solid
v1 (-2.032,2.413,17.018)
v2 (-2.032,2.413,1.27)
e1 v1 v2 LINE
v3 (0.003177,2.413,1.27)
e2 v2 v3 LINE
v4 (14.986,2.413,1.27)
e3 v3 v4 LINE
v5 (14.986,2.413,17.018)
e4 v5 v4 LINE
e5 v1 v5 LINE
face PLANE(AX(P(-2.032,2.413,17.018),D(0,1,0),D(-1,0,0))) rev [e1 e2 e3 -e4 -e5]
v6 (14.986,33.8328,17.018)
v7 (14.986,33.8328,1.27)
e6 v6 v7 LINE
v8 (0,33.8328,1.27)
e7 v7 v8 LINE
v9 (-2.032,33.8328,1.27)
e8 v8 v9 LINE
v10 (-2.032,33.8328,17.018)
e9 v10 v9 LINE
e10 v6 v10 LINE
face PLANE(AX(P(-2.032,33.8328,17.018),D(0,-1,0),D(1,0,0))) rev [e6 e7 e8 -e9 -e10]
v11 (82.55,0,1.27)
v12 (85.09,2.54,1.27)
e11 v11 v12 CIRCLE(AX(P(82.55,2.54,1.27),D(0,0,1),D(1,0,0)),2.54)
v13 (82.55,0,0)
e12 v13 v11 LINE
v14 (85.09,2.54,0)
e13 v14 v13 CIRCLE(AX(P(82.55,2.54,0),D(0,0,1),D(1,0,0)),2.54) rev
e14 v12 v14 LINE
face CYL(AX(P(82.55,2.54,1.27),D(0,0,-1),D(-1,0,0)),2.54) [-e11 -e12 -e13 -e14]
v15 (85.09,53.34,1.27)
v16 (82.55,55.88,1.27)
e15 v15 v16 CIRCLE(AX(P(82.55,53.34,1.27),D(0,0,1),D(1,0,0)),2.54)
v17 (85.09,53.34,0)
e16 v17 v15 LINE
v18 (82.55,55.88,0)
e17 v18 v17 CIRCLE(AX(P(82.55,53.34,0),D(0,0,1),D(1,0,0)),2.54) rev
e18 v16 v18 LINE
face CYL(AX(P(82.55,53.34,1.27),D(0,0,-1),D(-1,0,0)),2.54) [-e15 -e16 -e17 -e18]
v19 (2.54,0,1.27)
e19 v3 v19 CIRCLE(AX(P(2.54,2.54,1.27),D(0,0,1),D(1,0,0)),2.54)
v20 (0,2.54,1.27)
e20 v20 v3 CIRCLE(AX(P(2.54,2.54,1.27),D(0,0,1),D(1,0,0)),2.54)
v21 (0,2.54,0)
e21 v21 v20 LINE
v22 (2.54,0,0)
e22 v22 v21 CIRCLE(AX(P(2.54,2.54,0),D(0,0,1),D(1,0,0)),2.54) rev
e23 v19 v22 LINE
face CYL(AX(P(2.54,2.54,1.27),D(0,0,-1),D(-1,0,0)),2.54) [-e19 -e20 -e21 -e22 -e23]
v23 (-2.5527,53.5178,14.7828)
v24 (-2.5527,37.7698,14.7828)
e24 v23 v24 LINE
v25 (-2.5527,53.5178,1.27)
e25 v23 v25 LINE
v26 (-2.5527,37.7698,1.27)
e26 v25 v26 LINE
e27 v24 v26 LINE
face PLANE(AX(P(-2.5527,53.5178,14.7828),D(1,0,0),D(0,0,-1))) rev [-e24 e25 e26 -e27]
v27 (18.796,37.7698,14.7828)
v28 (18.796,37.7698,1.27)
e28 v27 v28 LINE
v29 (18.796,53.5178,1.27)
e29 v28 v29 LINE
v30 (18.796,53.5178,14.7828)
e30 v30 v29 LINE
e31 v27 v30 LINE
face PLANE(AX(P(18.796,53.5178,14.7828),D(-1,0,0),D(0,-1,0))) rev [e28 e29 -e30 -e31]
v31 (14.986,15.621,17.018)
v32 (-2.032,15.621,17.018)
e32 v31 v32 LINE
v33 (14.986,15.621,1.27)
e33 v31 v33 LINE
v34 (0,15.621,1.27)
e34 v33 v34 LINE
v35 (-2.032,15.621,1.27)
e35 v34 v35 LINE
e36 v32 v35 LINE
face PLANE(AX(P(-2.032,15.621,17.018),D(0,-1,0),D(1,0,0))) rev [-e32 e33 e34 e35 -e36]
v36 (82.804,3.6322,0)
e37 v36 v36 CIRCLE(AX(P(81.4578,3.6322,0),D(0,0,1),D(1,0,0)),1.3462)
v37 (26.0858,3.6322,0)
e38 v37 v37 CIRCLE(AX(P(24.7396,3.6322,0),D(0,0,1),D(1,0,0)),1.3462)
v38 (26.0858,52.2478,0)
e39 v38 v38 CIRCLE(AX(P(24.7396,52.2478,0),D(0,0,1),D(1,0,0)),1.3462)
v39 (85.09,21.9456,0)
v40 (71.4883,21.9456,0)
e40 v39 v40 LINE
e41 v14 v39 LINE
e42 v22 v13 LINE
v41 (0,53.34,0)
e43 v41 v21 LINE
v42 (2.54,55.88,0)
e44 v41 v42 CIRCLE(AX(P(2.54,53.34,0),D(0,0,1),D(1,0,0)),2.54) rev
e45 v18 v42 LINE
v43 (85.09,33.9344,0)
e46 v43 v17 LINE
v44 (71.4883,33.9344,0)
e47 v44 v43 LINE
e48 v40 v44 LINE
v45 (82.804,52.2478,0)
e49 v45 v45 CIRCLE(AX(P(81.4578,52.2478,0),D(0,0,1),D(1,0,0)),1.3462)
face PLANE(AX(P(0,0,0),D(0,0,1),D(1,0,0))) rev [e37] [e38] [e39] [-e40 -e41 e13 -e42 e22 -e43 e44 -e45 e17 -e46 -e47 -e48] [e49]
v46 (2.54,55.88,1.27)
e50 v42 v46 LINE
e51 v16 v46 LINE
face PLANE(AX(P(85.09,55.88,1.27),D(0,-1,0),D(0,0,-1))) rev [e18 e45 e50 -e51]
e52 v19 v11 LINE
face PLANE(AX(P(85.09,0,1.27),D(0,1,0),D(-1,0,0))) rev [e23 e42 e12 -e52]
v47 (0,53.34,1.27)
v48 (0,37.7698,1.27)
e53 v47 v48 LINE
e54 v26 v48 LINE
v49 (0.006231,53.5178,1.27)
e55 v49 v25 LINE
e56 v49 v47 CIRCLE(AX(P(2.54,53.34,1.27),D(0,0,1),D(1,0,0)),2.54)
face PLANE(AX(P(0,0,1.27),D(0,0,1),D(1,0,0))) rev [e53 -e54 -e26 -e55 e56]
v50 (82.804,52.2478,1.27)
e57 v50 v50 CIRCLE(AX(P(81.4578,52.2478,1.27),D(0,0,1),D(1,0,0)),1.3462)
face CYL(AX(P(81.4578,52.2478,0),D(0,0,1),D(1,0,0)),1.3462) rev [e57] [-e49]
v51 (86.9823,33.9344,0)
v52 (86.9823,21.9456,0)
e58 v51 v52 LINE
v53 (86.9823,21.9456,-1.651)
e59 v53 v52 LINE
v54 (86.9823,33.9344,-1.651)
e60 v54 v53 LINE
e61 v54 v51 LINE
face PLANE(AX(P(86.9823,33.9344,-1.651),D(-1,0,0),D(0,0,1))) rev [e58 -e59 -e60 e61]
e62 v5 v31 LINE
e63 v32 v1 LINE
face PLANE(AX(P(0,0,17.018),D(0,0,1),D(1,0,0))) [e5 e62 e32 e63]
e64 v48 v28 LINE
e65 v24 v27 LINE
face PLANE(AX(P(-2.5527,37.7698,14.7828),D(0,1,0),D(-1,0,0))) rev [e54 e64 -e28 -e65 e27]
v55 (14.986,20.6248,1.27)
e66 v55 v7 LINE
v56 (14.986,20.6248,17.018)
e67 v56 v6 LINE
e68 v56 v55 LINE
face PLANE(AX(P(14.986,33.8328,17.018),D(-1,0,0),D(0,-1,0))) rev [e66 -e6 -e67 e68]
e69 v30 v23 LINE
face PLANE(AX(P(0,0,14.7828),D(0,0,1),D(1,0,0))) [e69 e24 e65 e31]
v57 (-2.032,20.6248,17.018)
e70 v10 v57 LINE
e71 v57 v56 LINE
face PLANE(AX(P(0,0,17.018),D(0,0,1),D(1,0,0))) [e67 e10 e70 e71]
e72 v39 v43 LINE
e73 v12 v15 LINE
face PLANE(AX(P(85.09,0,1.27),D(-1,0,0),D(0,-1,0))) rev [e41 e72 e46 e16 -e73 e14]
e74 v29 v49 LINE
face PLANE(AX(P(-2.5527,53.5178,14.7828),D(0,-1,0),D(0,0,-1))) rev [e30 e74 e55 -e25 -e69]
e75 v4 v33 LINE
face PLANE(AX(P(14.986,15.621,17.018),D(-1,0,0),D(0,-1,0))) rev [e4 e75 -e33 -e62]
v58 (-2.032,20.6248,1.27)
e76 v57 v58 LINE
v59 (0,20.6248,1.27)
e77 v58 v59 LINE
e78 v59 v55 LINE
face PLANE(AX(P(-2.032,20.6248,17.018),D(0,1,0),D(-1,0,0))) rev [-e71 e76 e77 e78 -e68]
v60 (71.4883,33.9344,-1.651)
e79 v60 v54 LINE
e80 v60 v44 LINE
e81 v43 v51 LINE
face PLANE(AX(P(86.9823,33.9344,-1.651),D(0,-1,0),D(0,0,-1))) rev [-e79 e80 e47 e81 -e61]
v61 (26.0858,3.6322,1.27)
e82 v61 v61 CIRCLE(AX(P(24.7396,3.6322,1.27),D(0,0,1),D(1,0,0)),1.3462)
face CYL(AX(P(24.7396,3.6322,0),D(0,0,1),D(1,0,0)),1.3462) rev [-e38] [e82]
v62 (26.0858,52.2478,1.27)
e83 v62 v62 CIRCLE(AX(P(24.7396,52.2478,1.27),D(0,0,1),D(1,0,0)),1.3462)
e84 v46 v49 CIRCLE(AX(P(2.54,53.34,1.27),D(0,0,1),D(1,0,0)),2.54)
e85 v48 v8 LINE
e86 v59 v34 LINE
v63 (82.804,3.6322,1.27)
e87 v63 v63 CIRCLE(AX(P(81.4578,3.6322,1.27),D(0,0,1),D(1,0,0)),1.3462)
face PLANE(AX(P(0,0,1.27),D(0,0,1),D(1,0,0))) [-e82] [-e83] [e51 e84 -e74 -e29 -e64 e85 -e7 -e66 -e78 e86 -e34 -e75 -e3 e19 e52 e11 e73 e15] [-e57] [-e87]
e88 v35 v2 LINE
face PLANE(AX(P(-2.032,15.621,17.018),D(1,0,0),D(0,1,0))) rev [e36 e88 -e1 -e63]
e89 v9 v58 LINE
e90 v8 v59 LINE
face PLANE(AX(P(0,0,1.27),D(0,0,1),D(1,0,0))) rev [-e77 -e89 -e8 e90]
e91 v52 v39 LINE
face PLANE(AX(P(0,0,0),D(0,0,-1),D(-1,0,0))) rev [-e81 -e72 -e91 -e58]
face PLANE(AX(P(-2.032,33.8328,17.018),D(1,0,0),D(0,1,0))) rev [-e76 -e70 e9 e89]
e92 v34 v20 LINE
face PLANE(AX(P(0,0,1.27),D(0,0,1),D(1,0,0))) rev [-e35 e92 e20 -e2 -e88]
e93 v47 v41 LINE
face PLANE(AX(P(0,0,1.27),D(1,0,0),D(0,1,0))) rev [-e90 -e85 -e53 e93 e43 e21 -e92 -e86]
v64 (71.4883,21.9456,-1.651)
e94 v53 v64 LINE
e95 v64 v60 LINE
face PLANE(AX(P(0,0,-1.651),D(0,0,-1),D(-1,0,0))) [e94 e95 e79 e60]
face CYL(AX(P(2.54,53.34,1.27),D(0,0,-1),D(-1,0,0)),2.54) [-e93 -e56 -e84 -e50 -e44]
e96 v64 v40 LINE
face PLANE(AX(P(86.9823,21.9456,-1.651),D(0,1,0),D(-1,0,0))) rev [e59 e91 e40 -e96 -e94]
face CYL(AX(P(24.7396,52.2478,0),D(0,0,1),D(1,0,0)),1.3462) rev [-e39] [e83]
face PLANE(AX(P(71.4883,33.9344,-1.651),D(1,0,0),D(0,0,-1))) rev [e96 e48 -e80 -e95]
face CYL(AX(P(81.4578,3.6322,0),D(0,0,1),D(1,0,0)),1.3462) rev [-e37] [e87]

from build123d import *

# Parameters (mm, degrees)
SKETCH1_W           = 85.09
SKETCH1_H           = 55.88
BOSS_EXTRUDE1_DEPTH = 1.27
FILLET2_R           = 2.54
SKETCH2_R           = 1.3462
CUT_EXTRUDE1_DEPTH  = 1.27
SKETCH3_W           = 17.018
SKETCH3_H           = 13.208
BOSS_EXTRUDE2_DEPTH = 15.748
SKETCH4_W           = 21.3487
SKETCH4_H           = 15.748
BOSS_EXTRUDE3_DEPTH = 13.5128
SKETCH5_W           = 15.494
SKETCH5_H           = 11.9888
BOSS_EXTRUDE4_DEPTH = 1.651


with BuildPart() as part:
    # Sketch1 → Boss-Extrude1 (new body)
    with BuildSketch(Plane.XY):
        with Locations((42.545, 27.94)):
            Rectangle(SKETCH1_W, SKETCH1_H)
    extrude(amount=BOSS_EXTRUDE1_DEPTH)

    # Fillet2
    fillet2_edges = [part.edges().sort_by_distance(p)[0] for p in [
        (85.09, 0, 0.635),
        (0, 0, 0.635),
        (0, 55.88, 0.635),
        (85.09, 55.88, 0.635),
    ]]
    fillet(fillet2_edges, radius=FILLET2_R)

    # Sketch2 → Cut-Extrude1 (cut)
    with BuildSketch(Plane.XY.offset(1.27)):
        with Locations((81.4578, 52.2478)):
            Circle(SKETCH2_R)
        with Locations((24.7396, 52.2478)):
            Circle(SKETCH2_R)
        with Locations((24.7396, 3.6322)):
            Circle(SKETCH2_R)
        with Locations((81.4578, 3.6322)):
            Circle(SKETCH2_R)
    extrude(amount=-CUT_EXTRUDE1_DEPTH, mode=Mode.SUBTRACT)

    # Sketch3 → Boss-Extrude2 (add)
    with BuildSketch(Plane.XY.offset(1.27)):
        with Locations((6.477, 27.2288)):
            Rectangle(SKETCH3_W, SKETCH3_H)
        with Locations((6.477, 9.017)):
            Rectangle(SKETCH3_W, SKETCH3_H)
    extrude(amount=BOSS_EXTRUDE2_DEPTH)

    # Sketch4 → Boss-Extrude3 (add)
    with BuildSketch(Plane.XY.offset(1.27)):
        with Locations((8.12165, 45.6438)):
            Rectangle(SKETCH4_W, SKETCH4_H)
    extrude(amount=BOSS_EXTRUDE3_DEPTH)

    # Sketch5 → Boss-Extrude4 (add)
    with BuildSketch(Plane(origin=(0, 0, 0), x_dir=(-1, 0, 0), z_dir=(0, 0, -1))):
        with Locations((-79.2353, 27.94)):
            Rectangle(SKETCH5_W, SKETCH5_H)
    extrude(amount=BOSS_EXTRUDE4_DEPTH)


solid = part.part
